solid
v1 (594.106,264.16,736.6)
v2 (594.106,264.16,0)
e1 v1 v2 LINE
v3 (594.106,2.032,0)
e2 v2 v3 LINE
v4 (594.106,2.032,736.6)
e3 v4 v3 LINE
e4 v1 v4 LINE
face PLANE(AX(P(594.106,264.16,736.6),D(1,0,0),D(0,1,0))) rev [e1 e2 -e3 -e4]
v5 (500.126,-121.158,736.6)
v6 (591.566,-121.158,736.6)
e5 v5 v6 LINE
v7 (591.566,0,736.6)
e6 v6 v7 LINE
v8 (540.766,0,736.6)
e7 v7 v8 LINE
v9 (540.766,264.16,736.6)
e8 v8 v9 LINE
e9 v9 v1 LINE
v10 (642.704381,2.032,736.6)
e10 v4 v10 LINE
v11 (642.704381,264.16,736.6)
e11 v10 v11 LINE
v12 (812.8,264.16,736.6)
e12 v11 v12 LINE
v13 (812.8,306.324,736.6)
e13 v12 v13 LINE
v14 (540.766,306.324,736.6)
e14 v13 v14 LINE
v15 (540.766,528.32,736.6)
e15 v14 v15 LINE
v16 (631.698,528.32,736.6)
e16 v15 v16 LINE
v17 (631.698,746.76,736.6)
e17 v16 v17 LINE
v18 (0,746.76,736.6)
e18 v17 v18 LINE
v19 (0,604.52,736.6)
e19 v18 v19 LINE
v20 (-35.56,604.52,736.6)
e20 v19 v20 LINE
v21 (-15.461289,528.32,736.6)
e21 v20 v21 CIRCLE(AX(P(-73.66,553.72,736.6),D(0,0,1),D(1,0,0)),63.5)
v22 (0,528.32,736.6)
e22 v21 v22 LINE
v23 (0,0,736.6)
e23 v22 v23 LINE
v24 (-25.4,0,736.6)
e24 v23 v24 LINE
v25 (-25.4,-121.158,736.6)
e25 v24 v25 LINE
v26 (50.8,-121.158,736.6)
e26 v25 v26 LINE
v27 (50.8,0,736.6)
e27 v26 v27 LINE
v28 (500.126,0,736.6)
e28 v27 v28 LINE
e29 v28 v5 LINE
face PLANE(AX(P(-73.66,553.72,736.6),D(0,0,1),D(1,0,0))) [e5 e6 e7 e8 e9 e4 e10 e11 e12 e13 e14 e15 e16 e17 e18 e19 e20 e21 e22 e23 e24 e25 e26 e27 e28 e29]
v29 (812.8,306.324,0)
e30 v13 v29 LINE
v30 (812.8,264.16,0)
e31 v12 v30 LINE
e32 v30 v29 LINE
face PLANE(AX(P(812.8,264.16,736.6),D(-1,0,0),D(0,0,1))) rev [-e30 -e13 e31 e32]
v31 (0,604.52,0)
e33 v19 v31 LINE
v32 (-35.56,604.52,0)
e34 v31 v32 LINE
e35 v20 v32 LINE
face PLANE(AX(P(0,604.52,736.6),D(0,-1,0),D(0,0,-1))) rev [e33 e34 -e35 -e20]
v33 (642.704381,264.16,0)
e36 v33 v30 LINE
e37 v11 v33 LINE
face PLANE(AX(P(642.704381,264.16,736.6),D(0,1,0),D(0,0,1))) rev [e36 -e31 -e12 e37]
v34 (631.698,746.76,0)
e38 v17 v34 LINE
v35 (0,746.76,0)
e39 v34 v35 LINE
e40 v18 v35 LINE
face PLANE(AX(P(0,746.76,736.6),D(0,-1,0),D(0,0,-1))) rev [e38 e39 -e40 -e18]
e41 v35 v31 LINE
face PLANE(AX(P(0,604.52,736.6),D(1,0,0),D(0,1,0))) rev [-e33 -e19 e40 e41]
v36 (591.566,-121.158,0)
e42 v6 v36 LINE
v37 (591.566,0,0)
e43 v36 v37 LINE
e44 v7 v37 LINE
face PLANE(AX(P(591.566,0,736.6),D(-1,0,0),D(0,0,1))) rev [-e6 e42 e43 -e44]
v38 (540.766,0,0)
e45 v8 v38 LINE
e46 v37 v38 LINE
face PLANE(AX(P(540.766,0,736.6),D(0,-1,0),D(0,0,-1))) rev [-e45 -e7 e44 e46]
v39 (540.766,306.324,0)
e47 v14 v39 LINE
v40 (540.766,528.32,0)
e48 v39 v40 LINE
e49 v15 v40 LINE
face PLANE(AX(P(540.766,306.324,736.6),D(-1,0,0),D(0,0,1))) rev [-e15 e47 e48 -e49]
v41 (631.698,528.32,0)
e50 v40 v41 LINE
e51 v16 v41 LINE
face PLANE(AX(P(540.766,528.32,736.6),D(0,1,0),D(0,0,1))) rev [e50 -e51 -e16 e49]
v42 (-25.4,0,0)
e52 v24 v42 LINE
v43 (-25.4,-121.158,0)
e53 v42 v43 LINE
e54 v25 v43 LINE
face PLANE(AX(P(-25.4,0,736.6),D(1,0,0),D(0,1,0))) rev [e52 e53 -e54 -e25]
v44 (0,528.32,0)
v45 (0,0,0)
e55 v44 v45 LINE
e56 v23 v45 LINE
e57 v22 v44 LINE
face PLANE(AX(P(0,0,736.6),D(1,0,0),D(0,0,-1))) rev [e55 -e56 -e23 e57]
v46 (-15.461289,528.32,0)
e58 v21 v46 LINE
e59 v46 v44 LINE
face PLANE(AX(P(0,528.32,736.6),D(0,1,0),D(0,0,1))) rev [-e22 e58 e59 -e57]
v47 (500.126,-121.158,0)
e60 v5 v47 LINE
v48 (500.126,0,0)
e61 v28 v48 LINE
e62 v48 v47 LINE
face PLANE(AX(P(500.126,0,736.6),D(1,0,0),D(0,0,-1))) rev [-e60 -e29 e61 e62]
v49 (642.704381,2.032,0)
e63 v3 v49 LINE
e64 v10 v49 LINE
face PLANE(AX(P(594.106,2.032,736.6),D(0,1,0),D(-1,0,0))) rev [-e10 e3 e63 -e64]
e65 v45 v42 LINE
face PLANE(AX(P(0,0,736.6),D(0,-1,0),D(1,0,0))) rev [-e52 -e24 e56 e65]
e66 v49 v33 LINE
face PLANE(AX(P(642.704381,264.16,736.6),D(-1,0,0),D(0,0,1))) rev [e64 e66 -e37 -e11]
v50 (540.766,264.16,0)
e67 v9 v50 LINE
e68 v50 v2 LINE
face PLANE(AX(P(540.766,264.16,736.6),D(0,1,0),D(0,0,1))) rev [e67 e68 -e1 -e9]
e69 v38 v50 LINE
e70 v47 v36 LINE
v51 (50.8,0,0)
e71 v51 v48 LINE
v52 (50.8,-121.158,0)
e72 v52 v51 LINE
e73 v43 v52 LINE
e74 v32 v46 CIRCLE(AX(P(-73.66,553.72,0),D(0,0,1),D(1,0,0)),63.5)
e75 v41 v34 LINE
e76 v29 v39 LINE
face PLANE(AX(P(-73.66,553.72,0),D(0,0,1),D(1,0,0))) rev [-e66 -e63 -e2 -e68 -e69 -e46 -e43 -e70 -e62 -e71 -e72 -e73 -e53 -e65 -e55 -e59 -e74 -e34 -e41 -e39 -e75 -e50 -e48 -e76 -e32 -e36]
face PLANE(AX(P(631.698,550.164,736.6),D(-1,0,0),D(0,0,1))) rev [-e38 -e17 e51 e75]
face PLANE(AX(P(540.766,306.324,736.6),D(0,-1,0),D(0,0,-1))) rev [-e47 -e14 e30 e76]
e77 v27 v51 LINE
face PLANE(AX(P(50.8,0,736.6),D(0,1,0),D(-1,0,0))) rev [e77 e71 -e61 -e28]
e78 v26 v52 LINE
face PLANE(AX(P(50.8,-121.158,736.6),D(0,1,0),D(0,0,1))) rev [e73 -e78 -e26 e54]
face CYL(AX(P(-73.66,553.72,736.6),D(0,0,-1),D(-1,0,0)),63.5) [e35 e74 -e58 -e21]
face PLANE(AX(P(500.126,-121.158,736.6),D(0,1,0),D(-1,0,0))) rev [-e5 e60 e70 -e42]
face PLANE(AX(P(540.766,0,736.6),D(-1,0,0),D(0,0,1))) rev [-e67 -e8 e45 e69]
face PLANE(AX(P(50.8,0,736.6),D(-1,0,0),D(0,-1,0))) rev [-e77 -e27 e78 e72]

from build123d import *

# Parameters (mm, degrees)
BOSS_EXTRUDE1_DEPTH = 736.6


with BuildPart() as part:
    # Sketch1 → Boss-Extrude1 (new body)
    with BuildSketch(Plane.XY):
        with BuildLine():
            Line((540.766, 306.324), (540.766, 528.32))
            Line((540.766, 528.32), (631.698, 528.32))
            Line((631.698, 528.32), (631.698, 550.164))
            Line((631.698, 550.164), (631.698, 746.76))
            Line((631.698, 746.76), (0, 746.76))
            Line((0, 746.76), (0, 604.52))
            Line((0, 604.52), (-35.56, 604.52))
            ThreePointArc((-35.56, 604.52), (-135.060085104, 537.524952941), (-15.461288674, 528.32))
            Line((-15.461288674, 528.32), (0, 528.32))
            Line((0, 528.32), (0, 0))
            Line((0, 0), (-25.4, 0))
            Line((-25.4, 0), (-25.4, -121.158))
            Line((-25.4, -121.158), (50.8, -121.158))
            Line((50.8, -121.158), (50.8, 0))
            Line((50.8, 0), (500.126, 0))
            Line((500.126, 0), (500.126, -121.158))
            Line((500.126, -121.158), (591.566, -121.158))
            Line((591.566, -121.158), (591.566, 0))
            Line((591.566, 0), (540.766, 0))
            Line((540.766, 0), (540.766, 264.16))
            Line((540.766, 264.16), (594.106, 264.16))
            Line((594.106, 264.16), (594.106, 2.032))
            Line((594.106, 2.032), (642.704381111, 2.032))
            Line((642.704381111, 2.032), (642.704381111, 264.16))
            Line((642.704381111, 264.16), (812.8, 264.16))
            Line((812.8, 264.16), (812.8, 306.324))
            Line((812.8, 306.324), (540.766, 306.324))
        make_face()
    extrude(amount=BOSS_EXTRUDE1_DEPTH)


solid = part.part
